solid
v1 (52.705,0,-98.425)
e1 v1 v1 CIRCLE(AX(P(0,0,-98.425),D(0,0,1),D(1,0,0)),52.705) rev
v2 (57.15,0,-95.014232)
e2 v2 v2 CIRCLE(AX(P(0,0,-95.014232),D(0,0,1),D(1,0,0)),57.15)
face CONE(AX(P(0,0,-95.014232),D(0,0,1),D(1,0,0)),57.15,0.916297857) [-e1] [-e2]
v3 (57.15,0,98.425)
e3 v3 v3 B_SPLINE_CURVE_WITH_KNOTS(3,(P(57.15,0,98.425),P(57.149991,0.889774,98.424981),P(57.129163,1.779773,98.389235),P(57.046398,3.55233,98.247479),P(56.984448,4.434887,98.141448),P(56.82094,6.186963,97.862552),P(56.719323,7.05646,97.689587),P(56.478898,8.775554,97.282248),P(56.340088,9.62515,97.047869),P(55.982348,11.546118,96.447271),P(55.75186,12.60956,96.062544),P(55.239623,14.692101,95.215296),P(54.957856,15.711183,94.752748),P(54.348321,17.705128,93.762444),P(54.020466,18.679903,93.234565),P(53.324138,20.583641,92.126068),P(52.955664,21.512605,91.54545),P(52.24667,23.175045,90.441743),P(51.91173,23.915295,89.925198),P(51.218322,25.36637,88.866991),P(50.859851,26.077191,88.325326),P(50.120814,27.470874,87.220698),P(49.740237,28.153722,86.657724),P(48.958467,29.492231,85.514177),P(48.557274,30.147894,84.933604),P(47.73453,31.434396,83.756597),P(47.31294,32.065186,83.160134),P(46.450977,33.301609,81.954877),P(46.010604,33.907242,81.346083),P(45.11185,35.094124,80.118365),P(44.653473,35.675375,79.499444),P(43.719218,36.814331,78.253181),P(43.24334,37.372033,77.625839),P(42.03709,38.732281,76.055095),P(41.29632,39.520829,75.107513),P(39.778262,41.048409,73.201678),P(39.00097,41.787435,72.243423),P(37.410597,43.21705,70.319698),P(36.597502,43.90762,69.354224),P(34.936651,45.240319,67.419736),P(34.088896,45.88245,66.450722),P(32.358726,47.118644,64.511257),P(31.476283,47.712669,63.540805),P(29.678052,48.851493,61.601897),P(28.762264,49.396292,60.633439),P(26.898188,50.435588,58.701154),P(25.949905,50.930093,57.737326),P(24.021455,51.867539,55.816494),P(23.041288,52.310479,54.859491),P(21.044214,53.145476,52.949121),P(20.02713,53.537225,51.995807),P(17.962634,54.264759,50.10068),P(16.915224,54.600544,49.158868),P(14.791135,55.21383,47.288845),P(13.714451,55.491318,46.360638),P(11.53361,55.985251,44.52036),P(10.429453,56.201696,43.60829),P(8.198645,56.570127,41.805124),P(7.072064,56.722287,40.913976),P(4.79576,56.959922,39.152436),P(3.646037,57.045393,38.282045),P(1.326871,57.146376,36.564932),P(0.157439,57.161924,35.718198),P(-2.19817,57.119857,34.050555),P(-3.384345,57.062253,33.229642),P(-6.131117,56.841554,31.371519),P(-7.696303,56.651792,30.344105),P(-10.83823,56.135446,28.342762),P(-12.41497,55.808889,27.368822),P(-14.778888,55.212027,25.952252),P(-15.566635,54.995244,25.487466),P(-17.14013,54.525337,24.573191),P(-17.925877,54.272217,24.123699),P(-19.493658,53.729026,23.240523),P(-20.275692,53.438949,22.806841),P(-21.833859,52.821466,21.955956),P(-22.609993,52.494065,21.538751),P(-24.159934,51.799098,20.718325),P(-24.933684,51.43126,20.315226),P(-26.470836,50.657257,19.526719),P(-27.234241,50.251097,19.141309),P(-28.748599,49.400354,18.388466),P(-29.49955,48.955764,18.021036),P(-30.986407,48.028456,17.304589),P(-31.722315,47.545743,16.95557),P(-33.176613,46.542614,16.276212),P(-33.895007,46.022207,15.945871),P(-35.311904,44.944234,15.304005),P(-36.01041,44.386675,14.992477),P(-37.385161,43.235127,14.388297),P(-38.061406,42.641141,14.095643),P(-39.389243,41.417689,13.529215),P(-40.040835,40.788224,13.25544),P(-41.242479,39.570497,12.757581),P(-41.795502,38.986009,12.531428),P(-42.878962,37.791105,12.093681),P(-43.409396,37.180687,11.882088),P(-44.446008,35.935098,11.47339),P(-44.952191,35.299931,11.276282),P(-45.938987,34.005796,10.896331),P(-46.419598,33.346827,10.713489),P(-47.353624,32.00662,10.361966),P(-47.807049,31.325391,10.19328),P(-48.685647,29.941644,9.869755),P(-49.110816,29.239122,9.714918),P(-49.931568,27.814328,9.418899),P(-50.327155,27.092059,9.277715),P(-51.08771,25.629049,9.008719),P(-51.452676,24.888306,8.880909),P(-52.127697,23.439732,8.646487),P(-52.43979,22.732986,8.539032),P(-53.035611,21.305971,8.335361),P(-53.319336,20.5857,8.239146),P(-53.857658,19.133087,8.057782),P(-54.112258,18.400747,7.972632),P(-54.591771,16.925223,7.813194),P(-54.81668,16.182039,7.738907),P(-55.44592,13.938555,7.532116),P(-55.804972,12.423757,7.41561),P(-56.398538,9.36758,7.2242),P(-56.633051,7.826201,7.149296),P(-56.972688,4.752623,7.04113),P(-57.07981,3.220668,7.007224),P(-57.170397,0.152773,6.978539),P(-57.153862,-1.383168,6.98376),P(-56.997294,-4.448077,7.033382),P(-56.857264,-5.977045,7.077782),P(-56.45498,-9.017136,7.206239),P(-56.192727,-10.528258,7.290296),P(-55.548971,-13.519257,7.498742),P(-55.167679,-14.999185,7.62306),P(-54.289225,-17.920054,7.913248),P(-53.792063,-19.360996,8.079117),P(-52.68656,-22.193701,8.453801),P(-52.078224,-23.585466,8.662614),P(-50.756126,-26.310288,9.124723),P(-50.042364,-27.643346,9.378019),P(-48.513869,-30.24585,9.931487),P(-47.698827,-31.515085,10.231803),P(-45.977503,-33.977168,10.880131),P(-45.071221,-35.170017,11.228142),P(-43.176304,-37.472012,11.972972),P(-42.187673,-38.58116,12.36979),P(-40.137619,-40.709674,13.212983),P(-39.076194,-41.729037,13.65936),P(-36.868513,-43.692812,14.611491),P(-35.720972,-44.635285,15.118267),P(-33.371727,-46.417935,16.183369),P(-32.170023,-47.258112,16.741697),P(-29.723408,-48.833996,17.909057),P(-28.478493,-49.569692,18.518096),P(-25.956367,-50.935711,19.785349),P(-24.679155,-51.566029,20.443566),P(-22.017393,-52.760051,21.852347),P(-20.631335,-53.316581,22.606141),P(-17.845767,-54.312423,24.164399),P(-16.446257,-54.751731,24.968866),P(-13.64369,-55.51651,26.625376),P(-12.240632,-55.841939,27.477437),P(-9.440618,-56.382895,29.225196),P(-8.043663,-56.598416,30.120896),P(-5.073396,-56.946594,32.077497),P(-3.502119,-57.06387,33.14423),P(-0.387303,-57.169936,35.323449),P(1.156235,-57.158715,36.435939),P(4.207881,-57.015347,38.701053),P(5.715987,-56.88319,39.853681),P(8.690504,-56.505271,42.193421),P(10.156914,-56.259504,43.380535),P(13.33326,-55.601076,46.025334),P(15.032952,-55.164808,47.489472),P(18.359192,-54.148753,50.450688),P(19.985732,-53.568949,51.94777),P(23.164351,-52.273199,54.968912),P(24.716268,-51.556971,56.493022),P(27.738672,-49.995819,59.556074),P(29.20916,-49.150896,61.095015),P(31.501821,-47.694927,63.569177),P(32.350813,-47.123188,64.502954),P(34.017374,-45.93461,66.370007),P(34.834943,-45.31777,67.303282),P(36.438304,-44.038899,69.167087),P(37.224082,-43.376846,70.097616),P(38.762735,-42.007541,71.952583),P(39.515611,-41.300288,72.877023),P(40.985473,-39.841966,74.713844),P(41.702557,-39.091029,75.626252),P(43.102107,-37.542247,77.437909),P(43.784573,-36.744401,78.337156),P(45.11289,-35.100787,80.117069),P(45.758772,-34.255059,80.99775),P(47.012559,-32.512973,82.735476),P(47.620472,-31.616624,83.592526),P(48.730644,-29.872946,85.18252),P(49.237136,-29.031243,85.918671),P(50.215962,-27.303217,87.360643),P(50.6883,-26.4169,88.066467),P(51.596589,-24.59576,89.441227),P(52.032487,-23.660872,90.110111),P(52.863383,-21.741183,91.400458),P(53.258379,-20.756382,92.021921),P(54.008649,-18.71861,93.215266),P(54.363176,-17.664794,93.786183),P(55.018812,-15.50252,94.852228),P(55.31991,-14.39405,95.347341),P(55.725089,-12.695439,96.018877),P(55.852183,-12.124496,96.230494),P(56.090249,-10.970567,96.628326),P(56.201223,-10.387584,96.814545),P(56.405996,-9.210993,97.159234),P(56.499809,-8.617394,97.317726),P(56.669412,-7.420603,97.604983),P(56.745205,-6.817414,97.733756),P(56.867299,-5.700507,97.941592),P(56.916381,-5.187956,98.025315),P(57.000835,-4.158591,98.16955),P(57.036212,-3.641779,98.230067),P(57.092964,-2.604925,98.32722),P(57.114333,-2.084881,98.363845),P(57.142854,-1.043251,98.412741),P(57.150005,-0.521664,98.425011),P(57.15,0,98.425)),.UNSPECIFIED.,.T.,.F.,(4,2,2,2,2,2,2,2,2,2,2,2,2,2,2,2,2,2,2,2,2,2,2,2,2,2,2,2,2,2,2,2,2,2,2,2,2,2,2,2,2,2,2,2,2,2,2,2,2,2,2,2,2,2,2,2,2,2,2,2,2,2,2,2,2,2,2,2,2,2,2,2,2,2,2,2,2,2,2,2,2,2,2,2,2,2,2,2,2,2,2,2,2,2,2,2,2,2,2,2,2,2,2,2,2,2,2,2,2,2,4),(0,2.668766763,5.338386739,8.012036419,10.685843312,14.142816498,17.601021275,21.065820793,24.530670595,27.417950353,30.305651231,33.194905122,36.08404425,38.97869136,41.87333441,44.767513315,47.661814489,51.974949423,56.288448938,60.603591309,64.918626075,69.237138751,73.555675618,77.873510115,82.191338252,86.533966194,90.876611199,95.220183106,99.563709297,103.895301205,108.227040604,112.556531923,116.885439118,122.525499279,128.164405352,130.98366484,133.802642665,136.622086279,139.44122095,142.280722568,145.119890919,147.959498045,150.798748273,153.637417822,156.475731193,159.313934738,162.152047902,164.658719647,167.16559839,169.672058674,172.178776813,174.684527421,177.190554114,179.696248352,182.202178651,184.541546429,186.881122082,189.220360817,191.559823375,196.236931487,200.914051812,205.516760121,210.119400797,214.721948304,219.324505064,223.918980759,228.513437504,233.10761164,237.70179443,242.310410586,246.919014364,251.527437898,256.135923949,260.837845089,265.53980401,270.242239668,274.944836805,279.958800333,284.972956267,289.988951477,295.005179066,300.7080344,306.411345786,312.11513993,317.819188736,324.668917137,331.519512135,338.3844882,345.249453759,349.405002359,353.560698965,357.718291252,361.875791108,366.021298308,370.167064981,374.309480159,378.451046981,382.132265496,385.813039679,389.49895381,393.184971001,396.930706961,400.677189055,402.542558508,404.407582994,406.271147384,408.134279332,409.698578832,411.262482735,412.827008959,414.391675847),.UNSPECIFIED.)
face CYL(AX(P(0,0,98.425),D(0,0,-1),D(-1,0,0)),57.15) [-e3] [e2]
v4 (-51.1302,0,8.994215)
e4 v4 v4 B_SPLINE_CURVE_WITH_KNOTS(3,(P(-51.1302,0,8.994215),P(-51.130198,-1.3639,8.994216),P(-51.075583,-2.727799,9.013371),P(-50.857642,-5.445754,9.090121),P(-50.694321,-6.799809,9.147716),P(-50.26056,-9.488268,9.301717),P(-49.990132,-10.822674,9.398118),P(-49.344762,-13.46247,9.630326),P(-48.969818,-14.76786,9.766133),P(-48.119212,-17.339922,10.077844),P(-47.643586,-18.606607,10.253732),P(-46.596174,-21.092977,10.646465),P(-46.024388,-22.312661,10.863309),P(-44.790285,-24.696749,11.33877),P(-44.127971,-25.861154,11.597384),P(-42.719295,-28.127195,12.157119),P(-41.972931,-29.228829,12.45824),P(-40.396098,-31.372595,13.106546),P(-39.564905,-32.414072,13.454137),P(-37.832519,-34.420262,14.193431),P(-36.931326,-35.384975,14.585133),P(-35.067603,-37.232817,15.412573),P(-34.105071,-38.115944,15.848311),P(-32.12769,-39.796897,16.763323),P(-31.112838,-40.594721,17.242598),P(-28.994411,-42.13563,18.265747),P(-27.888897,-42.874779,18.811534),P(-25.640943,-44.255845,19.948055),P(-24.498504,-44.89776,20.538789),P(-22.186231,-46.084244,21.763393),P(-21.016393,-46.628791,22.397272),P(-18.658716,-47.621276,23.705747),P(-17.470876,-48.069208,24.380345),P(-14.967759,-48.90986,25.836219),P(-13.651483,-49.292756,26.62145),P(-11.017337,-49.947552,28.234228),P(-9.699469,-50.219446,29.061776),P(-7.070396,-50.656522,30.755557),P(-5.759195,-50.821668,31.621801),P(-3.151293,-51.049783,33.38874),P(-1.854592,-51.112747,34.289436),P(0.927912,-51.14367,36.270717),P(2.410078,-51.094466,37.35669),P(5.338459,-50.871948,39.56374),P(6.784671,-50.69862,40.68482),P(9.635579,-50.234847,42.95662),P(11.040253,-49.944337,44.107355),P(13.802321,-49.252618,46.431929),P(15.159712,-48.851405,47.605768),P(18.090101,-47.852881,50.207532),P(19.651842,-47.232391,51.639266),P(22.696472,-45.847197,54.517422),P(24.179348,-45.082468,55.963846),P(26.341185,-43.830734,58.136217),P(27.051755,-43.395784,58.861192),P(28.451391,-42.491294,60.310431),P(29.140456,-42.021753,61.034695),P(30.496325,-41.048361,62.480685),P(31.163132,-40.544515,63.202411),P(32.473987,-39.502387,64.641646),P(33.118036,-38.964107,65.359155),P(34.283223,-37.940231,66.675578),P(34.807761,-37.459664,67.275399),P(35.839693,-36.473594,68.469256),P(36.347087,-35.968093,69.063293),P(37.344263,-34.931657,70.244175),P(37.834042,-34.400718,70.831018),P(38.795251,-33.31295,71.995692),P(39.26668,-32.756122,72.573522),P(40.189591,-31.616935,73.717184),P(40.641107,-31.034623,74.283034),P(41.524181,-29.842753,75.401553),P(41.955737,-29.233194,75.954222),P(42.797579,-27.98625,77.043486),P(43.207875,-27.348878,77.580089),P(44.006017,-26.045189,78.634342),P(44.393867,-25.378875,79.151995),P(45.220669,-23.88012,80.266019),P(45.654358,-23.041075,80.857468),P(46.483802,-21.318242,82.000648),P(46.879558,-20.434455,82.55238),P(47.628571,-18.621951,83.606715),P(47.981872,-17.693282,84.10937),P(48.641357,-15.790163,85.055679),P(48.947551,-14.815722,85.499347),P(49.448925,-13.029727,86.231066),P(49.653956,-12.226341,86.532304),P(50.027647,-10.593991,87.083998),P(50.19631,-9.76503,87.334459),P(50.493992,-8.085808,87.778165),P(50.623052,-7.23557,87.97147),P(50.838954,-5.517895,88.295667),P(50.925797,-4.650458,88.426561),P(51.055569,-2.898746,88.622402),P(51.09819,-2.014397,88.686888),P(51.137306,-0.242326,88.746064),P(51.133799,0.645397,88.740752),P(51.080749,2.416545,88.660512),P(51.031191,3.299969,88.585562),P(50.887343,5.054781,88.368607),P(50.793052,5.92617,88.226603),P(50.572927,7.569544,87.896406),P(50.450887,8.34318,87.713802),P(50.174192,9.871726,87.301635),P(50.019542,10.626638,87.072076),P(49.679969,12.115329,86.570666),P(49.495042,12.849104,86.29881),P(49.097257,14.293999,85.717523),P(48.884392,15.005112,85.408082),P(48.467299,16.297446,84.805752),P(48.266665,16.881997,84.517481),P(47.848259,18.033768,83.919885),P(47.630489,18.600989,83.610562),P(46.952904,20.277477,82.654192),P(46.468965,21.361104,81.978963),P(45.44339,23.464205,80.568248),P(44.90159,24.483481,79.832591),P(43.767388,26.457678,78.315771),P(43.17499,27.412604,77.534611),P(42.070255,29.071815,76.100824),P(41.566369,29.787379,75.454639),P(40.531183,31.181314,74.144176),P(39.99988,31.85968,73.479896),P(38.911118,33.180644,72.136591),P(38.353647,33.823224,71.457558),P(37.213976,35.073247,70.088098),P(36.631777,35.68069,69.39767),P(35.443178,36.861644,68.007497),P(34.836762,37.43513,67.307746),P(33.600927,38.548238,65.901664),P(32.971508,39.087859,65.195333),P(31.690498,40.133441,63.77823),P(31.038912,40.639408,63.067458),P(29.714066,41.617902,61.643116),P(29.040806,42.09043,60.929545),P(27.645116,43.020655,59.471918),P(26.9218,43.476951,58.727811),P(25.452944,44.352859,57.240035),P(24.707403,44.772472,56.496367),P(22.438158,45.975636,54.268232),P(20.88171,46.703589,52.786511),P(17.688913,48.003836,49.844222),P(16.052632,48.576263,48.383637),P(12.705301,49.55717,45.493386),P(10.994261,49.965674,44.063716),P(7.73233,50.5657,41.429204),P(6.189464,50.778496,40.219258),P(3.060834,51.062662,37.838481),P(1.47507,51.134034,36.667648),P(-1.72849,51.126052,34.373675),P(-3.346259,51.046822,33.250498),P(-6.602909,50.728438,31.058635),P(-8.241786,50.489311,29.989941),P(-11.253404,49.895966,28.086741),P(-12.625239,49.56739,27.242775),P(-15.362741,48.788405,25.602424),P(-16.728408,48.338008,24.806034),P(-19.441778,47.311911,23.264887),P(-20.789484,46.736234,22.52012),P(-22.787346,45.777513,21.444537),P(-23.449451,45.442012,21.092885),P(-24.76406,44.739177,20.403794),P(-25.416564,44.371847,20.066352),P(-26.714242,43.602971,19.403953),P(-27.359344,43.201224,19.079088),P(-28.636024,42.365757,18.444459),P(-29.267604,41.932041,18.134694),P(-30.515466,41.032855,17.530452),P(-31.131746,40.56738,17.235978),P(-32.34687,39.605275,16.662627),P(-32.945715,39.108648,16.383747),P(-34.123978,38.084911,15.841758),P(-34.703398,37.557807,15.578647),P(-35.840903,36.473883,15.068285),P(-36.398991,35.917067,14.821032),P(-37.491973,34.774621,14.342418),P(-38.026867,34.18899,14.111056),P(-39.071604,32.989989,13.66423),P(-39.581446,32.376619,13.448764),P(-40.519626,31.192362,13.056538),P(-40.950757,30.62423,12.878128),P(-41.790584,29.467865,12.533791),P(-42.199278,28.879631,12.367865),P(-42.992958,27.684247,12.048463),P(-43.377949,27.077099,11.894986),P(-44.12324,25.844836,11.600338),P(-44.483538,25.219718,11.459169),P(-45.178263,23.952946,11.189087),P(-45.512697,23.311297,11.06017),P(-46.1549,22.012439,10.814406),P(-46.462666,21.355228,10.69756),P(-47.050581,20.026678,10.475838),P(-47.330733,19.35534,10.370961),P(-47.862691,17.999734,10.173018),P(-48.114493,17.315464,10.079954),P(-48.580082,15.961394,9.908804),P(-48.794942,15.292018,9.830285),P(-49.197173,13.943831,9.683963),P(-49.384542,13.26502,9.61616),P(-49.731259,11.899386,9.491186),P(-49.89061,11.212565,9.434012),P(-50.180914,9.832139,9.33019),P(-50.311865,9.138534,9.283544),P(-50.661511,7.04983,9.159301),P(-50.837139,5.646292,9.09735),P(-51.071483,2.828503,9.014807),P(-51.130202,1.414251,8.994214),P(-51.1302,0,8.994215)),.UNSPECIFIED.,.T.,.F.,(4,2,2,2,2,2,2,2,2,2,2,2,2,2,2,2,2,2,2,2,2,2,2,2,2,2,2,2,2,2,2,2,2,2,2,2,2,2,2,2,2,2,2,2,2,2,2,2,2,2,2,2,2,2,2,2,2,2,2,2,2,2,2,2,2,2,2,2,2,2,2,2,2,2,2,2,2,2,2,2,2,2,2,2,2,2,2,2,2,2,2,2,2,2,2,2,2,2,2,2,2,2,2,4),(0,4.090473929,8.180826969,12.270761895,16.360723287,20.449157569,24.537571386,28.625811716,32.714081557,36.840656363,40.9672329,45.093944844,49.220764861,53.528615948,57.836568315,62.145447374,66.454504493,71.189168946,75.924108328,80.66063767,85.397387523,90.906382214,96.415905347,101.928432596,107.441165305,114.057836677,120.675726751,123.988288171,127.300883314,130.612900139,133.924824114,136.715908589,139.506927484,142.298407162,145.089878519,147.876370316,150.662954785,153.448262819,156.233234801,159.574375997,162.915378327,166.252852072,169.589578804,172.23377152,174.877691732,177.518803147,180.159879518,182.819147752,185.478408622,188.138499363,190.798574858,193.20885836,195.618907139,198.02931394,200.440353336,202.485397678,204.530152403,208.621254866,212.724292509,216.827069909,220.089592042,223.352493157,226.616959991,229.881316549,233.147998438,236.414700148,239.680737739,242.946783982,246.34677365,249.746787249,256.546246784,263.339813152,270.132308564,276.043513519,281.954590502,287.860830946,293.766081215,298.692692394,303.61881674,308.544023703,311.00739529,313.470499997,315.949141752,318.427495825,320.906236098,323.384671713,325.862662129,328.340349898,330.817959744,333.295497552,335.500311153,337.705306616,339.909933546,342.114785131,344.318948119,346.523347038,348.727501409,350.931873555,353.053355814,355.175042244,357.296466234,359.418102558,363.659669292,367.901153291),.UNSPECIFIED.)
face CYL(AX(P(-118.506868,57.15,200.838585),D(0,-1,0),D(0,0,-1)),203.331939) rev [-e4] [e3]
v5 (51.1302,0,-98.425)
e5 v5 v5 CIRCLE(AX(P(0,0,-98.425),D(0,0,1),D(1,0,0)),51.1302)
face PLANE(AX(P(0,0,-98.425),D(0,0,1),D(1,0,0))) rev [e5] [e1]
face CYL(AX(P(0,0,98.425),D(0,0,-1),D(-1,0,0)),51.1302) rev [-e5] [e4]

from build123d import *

# Parameters (mm, degrees)
SKETCH1_R               = 57.15
SKETCH1_R_2             = 51.1302
EXTRUDE1_DEPTH          = 98.425
CUT_EXTRUDE1_DEPTH      = 128.356686613
CUT_EXTRUDE1_DEPTH_BACK = 128.356686613
CHAMFER4_SIZE           = 4.445
CHAMFER4_SIZE2          = 3.410768462


with BuildPart() as part:
    # Sketch1 → Extrude1 (new, symmetric)
    with BuildSketch(Plane.XY):
        Circle(SKETCH1_R)
        Circle(SKETCH1_R_2, mode=Mode.SUBTRACT)
    extrude(amount=EXTRUDE1_DEPTH, both=True)

    # Sketch4 → Cut-Extrude1 (cut, two sides: drawn at the far end of the back side and taken through both)
    with BuildSketch(Plane(origin=(0, 0, 0), x_dir=(1, 0, 0), z_dir=(0, 1, 0)).offset(-CUT_EXTRUDE1_DEPTH_BACK)):
        with BuildLine():
            Line((-57.15, -6.985), (-57.15, -98.425))
            Line((-57.15, -98.425), (57.15, -98.425))
            ThreePointArc((57.15, -98.425), (8.513587702, -42.063015372), (-57.15, -6.985))
        make_face()
    extrude(amount=CUT_EXTRUDE1_DEPTH + CUT_EXTRUDE1_DEPTH_BACK, mode=Mode.SUBTRACT)

    # Chamfer4
    chamfer4_edges = [part.edges().sort_by_distance(p)[0] for p in [
        (-57.15, 0, -98.425),
    ]]
    chamfer4_side = [part.faces().sort_by_distance(p)[0] for p in [
        (-55.533553898, 0, -98.425),
    ]]
    chamfer(chamfer4_edges, length=CHAMFER4_SIZE, length2=CHAMFER4_SIZE2, reference=chamfer4_side[0])


solid = part.part
